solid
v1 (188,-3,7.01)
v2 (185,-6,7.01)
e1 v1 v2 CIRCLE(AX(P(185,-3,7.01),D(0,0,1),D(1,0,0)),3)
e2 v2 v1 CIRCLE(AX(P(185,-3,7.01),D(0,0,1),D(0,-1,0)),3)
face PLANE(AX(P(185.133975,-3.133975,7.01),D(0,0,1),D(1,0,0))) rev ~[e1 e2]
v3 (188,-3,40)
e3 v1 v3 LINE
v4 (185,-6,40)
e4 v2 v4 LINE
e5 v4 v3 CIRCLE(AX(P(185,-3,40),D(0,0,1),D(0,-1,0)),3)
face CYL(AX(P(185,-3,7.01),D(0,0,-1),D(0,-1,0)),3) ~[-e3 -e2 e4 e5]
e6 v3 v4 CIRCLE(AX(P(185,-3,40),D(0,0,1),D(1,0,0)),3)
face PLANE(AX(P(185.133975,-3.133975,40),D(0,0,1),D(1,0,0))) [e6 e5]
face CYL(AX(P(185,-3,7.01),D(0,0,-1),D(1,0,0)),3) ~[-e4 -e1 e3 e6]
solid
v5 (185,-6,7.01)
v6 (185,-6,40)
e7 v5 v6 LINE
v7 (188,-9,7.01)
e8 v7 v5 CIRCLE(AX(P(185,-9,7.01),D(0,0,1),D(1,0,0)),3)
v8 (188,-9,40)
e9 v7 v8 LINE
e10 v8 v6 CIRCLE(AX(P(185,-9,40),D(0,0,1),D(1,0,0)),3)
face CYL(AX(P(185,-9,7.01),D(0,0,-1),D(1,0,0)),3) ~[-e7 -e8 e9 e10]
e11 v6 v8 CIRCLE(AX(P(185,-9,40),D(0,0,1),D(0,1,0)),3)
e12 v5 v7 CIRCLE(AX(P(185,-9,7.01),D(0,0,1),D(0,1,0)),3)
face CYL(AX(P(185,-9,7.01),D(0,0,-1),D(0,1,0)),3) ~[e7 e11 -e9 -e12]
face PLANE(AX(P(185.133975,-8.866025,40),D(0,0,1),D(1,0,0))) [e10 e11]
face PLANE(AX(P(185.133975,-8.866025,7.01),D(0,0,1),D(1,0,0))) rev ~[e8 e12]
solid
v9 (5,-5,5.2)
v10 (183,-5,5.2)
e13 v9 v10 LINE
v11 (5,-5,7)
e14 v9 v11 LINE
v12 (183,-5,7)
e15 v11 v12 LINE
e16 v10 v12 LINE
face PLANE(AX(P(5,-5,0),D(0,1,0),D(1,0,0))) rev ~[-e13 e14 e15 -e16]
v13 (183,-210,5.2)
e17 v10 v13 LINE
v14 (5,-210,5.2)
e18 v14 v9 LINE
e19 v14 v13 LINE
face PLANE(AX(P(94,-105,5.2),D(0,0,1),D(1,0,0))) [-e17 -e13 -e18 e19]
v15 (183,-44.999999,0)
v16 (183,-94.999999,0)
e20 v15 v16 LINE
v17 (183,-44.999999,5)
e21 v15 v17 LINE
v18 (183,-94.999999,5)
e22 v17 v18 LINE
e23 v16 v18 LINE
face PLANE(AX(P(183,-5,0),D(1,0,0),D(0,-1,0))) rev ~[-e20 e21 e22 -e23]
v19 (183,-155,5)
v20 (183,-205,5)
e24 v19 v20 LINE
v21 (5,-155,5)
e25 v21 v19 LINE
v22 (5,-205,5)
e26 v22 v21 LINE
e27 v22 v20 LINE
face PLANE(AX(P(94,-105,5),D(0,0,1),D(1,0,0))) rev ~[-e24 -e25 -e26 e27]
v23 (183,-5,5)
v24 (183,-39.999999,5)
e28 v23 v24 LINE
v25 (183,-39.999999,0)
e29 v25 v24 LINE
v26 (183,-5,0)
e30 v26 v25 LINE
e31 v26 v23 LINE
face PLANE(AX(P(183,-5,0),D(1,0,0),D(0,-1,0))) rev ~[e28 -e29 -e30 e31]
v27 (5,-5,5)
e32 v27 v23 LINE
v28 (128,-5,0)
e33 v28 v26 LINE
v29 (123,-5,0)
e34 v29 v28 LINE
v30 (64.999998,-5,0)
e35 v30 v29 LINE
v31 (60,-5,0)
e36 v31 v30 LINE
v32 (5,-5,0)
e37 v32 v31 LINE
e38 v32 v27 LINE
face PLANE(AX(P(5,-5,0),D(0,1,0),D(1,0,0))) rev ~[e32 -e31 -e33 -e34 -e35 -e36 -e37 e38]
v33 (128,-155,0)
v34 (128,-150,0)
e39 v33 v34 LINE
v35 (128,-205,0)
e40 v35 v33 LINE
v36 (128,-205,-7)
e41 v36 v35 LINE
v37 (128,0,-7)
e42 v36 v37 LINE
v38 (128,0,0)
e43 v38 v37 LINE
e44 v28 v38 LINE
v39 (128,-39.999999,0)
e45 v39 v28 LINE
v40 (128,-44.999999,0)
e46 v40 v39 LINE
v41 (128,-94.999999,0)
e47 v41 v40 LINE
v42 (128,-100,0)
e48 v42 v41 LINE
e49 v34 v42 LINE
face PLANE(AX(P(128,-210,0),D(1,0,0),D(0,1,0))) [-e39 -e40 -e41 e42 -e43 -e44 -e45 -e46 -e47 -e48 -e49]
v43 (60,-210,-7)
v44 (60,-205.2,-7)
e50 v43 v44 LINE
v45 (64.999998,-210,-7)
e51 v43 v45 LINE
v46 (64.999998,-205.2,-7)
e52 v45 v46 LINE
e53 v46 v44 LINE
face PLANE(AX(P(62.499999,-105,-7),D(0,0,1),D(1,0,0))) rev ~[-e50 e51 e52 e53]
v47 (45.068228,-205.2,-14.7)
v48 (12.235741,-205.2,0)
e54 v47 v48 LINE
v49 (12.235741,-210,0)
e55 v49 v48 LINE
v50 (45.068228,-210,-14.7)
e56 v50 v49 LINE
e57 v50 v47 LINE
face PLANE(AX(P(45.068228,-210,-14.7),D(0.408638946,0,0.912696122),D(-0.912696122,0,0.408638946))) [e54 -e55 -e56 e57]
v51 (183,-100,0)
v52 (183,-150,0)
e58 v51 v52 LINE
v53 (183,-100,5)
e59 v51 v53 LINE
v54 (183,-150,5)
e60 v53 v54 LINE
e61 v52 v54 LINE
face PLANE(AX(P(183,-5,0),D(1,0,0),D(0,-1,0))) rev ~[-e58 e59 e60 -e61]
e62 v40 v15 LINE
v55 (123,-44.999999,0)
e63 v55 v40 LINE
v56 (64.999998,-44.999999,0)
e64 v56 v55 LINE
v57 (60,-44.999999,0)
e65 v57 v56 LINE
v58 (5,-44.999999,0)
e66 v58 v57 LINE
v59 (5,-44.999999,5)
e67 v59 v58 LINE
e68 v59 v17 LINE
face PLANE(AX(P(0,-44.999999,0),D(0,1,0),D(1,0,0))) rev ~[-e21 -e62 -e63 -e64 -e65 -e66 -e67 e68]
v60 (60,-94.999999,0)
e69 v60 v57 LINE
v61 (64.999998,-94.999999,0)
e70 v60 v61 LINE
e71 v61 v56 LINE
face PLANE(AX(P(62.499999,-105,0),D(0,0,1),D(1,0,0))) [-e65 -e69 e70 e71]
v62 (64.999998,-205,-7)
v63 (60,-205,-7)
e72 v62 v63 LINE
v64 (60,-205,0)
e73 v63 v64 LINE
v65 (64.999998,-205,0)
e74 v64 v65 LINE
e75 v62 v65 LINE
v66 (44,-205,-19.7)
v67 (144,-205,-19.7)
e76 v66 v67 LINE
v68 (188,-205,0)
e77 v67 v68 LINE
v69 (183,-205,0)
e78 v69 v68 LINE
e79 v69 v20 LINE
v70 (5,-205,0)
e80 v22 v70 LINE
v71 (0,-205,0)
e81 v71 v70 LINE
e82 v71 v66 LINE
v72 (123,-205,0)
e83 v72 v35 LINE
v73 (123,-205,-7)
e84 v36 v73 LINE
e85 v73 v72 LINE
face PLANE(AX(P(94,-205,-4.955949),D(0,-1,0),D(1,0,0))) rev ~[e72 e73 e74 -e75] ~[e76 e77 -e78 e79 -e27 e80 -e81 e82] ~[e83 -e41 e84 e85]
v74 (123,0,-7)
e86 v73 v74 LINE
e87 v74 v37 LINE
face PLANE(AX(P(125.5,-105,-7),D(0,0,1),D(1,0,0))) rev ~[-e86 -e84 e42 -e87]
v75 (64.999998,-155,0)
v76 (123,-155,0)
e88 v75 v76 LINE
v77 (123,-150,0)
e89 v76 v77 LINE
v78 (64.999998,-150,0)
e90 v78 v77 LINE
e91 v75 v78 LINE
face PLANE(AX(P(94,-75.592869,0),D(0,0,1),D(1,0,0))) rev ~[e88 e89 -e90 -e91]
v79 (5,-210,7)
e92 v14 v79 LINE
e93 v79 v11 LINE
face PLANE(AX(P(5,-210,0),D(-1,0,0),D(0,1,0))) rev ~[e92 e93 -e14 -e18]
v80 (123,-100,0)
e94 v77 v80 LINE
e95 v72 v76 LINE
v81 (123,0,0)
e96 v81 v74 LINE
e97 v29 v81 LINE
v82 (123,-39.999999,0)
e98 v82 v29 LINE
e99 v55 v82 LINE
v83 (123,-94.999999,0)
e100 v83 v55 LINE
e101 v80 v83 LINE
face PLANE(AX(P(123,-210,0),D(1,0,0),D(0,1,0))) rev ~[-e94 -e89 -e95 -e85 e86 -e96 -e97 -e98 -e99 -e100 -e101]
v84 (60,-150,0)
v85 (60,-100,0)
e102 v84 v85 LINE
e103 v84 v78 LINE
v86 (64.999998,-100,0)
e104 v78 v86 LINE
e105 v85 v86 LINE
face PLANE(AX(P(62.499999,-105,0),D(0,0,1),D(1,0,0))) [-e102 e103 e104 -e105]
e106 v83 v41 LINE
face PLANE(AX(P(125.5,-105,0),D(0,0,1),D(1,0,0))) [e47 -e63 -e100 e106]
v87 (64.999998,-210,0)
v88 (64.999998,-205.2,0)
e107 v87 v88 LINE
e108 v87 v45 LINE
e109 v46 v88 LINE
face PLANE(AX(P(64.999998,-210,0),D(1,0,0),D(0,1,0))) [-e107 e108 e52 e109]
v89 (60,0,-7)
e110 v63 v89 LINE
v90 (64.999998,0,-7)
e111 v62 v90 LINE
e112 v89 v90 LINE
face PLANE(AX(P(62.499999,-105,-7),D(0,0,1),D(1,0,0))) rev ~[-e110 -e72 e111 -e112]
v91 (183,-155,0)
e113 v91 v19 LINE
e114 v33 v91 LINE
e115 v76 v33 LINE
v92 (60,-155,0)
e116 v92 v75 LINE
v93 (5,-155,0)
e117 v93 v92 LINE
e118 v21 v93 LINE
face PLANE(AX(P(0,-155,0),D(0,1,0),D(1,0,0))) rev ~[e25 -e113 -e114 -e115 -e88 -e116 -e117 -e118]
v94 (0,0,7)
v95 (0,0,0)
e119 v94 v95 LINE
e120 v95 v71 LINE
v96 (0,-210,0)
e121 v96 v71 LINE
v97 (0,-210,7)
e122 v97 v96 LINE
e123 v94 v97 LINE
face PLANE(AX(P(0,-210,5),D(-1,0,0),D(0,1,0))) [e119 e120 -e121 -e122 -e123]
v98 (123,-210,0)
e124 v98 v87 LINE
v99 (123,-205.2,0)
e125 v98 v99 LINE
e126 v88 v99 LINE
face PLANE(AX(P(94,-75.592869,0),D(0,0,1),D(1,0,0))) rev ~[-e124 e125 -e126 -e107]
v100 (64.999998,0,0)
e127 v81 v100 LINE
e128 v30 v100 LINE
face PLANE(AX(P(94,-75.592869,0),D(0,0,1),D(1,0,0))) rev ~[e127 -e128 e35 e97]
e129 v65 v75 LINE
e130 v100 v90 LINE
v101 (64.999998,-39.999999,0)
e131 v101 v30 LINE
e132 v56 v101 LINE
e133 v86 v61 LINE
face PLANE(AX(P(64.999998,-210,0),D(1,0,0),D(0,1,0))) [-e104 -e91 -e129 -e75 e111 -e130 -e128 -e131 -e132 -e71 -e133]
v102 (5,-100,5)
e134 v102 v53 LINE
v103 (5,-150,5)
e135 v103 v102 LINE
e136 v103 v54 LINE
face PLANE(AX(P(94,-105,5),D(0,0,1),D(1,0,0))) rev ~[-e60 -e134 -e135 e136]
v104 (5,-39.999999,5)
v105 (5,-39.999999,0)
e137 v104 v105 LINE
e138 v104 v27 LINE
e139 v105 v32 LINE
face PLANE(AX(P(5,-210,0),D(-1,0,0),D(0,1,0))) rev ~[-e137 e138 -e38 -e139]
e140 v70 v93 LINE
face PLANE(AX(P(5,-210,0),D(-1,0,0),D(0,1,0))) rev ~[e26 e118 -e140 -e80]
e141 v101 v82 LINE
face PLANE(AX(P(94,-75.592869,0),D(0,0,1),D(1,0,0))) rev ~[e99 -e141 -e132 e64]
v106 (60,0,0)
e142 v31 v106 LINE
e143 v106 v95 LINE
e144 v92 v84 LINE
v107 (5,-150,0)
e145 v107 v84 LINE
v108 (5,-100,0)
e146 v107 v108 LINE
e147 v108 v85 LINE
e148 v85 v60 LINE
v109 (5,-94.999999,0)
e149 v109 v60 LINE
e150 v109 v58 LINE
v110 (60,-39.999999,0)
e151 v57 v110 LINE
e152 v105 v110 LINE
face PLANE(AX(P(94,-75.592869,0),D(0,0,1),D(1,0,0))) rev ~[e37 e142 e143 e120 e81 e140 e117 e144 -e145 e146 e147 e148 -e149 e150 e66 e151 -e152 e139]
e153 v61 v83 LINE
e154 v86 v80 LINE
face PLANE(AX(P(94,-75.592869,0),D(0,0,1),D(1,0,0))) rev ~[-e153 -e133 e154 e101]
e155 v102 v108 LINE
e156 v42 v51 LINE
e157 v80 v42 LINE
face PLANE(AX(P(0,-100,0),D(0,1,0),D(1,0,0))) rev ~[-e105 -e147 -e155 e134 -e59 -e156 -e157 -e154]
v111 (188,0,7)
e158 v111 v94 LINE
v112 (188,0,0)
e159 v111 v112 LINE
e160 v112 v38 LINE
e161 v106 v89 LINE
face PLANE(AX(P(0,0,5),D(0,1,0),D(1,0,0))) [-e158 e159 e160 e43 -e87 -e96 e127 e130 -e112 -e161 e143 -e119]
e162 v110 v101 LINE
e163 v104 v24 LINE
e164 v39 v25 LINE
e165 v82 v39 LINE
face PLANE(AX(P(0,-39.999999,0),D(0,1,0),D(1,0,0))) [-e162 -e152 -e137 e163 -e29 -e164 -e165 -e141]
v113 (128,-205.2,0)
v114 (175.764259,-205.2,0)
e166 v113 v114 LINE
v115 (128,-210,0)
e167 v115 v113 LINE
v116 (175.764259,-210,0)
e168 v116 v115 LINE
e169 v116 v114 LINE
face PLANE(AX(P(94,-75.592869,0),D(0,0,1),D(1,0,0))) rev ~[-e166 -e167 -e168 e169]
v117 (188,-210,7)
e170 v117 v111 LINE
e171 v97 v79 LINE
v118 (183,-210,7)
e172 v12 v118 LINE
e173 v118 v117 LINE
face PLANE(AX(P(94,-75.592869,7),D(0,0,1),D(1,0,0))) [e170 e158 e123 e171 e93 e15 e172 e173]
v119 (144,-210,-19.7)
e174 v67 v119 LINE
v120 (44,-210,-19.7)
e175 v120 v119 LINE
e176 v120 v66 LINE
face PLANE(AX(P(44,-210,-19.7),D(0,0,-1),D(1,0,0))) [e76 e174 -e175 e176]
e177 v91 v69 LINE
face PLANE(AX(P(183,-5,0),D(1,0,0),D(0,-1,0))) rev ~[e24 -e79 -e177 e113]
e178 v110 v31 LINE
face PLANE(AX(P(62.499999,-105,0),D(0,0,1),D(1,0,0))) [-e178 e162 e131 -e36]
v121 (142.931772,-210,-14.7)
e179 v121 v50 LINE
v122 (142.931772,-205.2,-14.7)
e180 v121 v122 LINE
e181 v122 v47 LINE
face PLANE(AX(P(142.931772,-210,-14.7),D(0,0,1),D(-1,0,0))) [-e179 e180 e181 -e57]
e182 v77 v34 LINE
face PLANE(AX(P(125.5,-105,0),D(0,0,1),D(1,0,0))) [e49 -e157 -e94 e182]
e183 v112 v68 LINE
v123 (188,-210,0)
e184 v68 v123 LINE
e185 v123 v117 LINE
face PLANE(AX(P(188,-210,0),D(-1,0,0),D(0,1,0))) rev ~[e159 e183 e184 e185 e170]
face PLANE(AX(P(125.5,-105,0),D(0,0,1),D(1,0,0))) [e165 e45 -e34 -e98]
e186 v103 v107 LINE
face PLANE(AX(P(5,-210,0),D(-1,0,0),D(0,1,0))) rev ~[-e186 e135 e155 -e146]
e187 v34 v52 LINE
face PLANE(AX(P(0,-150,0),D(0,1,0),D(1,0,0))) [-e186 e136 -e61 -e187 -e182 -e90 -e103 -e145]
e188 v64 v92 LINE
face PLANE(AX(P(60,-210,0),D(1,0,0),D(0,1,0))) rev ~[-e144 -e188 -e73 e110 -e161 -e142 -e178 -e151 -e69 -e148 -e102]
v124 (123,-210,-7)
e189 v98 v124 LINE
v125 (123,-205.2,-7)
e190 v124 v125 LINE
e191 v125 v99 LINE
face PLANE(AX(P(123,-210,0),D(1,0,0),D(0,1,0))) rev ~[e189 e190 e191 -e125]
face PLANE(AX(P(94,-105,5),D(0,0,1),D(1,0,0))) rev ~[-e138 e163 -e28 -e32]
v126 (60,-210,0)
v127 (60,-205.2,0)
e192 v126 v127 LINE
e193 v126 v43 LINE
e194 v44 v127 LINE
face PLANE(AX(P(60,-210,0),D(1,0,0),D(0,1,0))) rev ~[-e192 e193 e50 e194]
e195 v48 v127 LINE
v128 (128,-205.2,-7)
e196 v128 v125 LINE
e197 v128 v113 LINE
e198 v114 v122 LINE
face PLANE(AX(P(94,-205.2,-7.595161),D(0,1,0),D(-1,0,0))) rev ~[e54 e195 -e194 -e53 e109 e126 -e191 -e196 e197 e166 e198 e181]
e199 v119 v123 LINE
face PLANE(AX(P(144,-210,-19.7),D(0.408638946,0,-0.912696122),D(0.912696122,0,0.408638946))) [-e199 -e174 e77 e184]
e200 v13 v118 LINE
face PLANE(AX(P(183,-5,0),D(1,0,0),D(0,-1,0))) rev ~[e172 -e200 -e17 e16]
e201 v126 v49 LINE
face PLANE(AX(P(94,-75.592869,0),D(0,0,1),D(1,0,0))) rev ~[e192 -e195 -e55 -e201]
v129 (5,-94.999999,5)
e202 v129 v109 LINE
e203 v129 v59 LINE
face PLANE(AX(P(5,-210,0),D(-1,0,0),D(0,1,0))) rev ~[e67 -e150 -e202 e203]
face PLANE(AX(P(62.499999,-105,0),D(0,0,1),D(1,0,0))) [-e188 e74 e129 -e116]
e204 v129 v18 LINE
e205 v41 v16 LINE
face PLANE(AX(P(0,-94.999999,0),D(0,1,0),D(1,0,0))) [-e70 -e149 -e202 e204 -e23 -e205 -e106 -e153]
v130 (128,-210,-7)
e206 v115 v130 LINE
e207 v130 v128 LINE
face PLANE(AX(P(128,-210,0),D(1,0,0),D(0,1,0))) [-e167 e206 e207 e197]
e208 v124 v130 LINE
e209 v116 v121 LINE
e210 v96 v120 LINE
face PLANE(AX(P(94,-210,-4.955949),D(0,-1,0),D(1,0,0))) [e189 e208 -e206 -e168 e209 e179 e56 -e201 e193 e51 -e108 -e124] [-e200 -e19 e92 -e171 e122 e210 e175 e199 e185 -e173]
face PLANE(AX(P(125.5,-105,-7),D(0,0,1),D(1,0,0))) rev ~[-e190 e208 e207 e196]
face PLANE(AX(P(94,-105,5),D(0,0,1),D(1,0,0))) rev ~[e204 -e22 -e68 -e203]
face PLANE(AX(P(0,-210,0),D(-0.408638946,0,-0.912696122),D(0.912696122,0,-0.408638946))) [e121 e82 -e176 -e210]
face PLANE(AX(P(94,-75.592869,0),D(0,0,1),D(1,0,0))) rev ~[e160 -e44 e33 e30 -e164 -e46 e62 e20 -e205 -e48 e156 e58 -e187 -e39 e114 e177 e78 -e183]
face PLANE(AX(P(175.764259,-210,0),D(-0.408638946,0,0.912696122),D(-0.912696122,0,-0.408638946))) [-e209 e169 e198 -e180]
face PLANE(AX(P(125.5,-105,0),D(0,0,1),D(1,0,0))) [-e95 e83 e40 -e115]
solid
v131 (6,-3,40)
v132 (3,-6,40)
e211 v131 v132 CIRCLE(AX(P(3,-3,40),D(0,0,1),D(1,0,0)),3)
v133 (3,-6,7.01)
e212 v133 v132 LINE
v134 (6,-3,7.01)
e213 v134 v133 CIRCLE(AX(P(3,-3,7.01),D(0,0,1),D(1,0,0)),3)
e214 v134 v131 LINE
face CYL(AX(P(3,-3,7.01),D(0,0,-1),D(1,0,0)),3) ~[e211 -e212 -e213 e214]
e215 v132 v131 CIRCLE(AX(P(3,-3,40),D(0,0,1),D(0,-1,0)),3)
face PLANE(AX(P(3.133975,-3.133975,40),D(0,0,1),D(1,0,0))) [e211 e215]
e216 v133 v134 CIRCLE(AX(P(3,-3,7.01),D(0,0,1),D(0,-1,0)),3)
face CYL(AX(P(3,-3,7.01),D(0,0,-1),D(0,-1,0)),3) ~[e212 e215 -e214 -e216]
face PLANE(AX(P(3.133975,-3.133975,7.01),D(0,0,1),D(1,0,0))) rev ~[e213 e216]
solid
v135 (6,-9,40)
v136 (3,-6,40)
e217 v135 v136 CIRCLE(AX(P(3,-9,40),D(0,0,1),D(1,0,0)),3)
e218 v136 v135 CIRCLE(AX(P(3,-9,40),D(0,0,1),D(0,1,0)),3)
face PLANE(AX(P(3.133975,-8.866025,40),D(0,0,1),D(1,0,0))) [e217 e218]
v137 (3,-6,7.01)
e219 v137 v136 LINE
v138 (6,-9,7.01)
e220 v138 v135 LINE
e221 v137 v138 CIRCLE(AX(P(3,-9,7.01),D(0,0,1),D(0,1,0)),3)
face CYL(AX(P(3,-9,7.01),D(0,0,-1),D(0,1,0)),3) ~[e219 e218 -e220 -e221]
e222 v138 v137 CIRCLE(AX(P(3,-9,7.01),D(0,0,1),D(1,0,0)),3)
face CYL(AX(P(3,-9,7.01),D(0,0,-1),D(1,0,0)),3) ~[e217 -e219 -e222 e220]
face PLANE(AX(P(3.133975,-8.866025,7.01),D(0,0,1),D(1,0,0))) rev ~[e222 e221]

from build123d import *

# Parameters (mm, degrees)
F1_DEPTH  = 7
F2_W      = 188
F2_H      = 5
F2_H_2    = 5.0000011921
F2_H_3    = 4.999999702
F3_DEPTH  = 5
F4_W      = 4.9999976158
F4_H      = 210
F4_W_2    = 5
F5_DEPTH  = 7
F6_W      = 188
F6_H      = 210
F7_DEPTH  = 0.2
F9_DEPTH  = 5
F10_DEPTH = 5
F12_DEPTH = 0.2
F14_START = 7.01
F14_DEPTH = 32.99


with BuildPart() as f1:
    # F0 (on Top) → F1 (new body)
    with BuildSketch(Plane.XY):
        Polygon((188, 0), (0, 0), (0, -210), (5, -210), (5, -5), (183, -5), (183, -210), (188, -210), align=None)
    extrude(amount=F1_DEPTH)

    # F2 (on Top) → F3 (join)
    with BuildSketch(Plane.XY):
        with Locations((94, -207.5)):
            Rectangle(F2_W, F2_H)
        with Locations((94, -152.5)):
            Rectangle(F2_W, F2_H)
        with Locations((94, -97.499999404)):
            Rectangle(F2_W, F2_H_2)
        with Locations((94, -42.4999989569)):
            Rectangle(F2_W, F2_H_3)
    extrude(amount=F3_DEPTH)

    # F4 (on Top) → F5 (join)
    with BuildSketch(Plane.XY):
        with Locations((62.4999988079, -105)):
            Rectangle(F4_W, F4_H)
        with Locations((125.5, -105)):
            Rectangle(F4_W_2, F4_H)
    extrude(amount=-F5_DEPTH)

    # F6 (on face) → F7 (join)
    with BuildSketch(Plane.XY.offset(5)):
        with Locations((94, -105)):
            Rectangle(F6_W, F6_H)
    extrude(amount=F7_DEPTH)

    # F8 (on face) → F9 (join)
    with BuildSketch(Plane.XZ.offset(210)):
        Polygon((44, -19.7), (94, -19.7), (144, -19.7), (188, 0), (188, 4.9999998882), (0, 4.9999998882), (0, 0), align=None)
        Polygon((175.7642594912, -1.118e-07), (142.9317724312, -14.7), (94, -14.7), (45.0682275688, -14.7), (12.2357405088, -1.118e-07), align=None, mode=Mode.SUBTRACT)
    extrude(amount=-F9_DEPTH)

    # F8 (on face) → F10 (join)
    with BuildSketch(Plane.XZ.offset(210)):
        Polygon((44, -19.7), (94, -19.7), (144, -19.7), (188, 0), (188, 4.9999998882), (0, 4.9999998882), (0, 0), align=None)
        Polygon((175.7642594912, -1.118e-07), (142.9317724312, -14.7), (94, -14.7), (45.0682275688, -14.7), (12.2357405088, -1.118e-07), align=None, mode=Mode.SUBTRACT)
    extrude(amount=-F10_DEPTH)

    # F11 (on face) → F12 (join)
    with BuildSketch(Plane(origin=(0, -205, 0), x_dir=(-1, 0, 0), z_dir=(0, 1, 0))):
        Polygon((0, 0), (-188, 0), (-144, -19.7), (-44, -19.7), align=None)
    extrude(amount=-F12_DEPTH)


with BuildPart() as f14:
    # F13 (on Top) → F14 (new body)
    with BuildSketch(Plane.XY.offset(F14_START)):
        with BuildLine():
            ThreePointArc((3, -6), (5.1213203436, -5.1213203436), (6, -3))
            ThreePointArc((6, -3), (0.8786796564, -0.8786796564), (3, -6))
        make_face()
    extrude(amount=F14_DEPTH)

    # F13 (on Top) → F14, piece 2 (join)
    with BuildSketch(Plane.XY.offset(F14_START)):
        with BuildLine():
            ThreePointArc((6, -9), (5.1213203436, -6.8786796564), (3, -6))
            ThreePointArc((3, -6), (0.8786796564, -11.1213203436), (6, -9))
        make_face()
    extrude(amount=F14_DEPTH)


with BuildPart() as f14b:
    # F13 (on Top) → F14, piece 3 (new body)
    with BuildSketch(Plane.XY.offset(F14_START)):
        with BuildLine():
            ThreePointArc((185, -6), (182.8786796564, -11.1213203436), (188, -9))
            ThreePointArc((188, -9), (187.1213203436, -6.8786796564), (185, -6))
        make_face()
    extrude(amount=F14_DEPTH)

    # F13 (on Top) → F14, piece 4 (join)
    with BuildSketch(Plane.XY.offset(F14_START)):
        with BuildLine():
            ThreePointArc((188, -3), (182.8786796564, -0.8786796564), (185, -6))
            ThreePointArc((185, -6), (187.1213203436, -5.1213203436), (188, -3))
        make_face()
    extrude(amount=F14_DEPTH)


solid = Compound([f1.part, f14.part, f14b.part])
